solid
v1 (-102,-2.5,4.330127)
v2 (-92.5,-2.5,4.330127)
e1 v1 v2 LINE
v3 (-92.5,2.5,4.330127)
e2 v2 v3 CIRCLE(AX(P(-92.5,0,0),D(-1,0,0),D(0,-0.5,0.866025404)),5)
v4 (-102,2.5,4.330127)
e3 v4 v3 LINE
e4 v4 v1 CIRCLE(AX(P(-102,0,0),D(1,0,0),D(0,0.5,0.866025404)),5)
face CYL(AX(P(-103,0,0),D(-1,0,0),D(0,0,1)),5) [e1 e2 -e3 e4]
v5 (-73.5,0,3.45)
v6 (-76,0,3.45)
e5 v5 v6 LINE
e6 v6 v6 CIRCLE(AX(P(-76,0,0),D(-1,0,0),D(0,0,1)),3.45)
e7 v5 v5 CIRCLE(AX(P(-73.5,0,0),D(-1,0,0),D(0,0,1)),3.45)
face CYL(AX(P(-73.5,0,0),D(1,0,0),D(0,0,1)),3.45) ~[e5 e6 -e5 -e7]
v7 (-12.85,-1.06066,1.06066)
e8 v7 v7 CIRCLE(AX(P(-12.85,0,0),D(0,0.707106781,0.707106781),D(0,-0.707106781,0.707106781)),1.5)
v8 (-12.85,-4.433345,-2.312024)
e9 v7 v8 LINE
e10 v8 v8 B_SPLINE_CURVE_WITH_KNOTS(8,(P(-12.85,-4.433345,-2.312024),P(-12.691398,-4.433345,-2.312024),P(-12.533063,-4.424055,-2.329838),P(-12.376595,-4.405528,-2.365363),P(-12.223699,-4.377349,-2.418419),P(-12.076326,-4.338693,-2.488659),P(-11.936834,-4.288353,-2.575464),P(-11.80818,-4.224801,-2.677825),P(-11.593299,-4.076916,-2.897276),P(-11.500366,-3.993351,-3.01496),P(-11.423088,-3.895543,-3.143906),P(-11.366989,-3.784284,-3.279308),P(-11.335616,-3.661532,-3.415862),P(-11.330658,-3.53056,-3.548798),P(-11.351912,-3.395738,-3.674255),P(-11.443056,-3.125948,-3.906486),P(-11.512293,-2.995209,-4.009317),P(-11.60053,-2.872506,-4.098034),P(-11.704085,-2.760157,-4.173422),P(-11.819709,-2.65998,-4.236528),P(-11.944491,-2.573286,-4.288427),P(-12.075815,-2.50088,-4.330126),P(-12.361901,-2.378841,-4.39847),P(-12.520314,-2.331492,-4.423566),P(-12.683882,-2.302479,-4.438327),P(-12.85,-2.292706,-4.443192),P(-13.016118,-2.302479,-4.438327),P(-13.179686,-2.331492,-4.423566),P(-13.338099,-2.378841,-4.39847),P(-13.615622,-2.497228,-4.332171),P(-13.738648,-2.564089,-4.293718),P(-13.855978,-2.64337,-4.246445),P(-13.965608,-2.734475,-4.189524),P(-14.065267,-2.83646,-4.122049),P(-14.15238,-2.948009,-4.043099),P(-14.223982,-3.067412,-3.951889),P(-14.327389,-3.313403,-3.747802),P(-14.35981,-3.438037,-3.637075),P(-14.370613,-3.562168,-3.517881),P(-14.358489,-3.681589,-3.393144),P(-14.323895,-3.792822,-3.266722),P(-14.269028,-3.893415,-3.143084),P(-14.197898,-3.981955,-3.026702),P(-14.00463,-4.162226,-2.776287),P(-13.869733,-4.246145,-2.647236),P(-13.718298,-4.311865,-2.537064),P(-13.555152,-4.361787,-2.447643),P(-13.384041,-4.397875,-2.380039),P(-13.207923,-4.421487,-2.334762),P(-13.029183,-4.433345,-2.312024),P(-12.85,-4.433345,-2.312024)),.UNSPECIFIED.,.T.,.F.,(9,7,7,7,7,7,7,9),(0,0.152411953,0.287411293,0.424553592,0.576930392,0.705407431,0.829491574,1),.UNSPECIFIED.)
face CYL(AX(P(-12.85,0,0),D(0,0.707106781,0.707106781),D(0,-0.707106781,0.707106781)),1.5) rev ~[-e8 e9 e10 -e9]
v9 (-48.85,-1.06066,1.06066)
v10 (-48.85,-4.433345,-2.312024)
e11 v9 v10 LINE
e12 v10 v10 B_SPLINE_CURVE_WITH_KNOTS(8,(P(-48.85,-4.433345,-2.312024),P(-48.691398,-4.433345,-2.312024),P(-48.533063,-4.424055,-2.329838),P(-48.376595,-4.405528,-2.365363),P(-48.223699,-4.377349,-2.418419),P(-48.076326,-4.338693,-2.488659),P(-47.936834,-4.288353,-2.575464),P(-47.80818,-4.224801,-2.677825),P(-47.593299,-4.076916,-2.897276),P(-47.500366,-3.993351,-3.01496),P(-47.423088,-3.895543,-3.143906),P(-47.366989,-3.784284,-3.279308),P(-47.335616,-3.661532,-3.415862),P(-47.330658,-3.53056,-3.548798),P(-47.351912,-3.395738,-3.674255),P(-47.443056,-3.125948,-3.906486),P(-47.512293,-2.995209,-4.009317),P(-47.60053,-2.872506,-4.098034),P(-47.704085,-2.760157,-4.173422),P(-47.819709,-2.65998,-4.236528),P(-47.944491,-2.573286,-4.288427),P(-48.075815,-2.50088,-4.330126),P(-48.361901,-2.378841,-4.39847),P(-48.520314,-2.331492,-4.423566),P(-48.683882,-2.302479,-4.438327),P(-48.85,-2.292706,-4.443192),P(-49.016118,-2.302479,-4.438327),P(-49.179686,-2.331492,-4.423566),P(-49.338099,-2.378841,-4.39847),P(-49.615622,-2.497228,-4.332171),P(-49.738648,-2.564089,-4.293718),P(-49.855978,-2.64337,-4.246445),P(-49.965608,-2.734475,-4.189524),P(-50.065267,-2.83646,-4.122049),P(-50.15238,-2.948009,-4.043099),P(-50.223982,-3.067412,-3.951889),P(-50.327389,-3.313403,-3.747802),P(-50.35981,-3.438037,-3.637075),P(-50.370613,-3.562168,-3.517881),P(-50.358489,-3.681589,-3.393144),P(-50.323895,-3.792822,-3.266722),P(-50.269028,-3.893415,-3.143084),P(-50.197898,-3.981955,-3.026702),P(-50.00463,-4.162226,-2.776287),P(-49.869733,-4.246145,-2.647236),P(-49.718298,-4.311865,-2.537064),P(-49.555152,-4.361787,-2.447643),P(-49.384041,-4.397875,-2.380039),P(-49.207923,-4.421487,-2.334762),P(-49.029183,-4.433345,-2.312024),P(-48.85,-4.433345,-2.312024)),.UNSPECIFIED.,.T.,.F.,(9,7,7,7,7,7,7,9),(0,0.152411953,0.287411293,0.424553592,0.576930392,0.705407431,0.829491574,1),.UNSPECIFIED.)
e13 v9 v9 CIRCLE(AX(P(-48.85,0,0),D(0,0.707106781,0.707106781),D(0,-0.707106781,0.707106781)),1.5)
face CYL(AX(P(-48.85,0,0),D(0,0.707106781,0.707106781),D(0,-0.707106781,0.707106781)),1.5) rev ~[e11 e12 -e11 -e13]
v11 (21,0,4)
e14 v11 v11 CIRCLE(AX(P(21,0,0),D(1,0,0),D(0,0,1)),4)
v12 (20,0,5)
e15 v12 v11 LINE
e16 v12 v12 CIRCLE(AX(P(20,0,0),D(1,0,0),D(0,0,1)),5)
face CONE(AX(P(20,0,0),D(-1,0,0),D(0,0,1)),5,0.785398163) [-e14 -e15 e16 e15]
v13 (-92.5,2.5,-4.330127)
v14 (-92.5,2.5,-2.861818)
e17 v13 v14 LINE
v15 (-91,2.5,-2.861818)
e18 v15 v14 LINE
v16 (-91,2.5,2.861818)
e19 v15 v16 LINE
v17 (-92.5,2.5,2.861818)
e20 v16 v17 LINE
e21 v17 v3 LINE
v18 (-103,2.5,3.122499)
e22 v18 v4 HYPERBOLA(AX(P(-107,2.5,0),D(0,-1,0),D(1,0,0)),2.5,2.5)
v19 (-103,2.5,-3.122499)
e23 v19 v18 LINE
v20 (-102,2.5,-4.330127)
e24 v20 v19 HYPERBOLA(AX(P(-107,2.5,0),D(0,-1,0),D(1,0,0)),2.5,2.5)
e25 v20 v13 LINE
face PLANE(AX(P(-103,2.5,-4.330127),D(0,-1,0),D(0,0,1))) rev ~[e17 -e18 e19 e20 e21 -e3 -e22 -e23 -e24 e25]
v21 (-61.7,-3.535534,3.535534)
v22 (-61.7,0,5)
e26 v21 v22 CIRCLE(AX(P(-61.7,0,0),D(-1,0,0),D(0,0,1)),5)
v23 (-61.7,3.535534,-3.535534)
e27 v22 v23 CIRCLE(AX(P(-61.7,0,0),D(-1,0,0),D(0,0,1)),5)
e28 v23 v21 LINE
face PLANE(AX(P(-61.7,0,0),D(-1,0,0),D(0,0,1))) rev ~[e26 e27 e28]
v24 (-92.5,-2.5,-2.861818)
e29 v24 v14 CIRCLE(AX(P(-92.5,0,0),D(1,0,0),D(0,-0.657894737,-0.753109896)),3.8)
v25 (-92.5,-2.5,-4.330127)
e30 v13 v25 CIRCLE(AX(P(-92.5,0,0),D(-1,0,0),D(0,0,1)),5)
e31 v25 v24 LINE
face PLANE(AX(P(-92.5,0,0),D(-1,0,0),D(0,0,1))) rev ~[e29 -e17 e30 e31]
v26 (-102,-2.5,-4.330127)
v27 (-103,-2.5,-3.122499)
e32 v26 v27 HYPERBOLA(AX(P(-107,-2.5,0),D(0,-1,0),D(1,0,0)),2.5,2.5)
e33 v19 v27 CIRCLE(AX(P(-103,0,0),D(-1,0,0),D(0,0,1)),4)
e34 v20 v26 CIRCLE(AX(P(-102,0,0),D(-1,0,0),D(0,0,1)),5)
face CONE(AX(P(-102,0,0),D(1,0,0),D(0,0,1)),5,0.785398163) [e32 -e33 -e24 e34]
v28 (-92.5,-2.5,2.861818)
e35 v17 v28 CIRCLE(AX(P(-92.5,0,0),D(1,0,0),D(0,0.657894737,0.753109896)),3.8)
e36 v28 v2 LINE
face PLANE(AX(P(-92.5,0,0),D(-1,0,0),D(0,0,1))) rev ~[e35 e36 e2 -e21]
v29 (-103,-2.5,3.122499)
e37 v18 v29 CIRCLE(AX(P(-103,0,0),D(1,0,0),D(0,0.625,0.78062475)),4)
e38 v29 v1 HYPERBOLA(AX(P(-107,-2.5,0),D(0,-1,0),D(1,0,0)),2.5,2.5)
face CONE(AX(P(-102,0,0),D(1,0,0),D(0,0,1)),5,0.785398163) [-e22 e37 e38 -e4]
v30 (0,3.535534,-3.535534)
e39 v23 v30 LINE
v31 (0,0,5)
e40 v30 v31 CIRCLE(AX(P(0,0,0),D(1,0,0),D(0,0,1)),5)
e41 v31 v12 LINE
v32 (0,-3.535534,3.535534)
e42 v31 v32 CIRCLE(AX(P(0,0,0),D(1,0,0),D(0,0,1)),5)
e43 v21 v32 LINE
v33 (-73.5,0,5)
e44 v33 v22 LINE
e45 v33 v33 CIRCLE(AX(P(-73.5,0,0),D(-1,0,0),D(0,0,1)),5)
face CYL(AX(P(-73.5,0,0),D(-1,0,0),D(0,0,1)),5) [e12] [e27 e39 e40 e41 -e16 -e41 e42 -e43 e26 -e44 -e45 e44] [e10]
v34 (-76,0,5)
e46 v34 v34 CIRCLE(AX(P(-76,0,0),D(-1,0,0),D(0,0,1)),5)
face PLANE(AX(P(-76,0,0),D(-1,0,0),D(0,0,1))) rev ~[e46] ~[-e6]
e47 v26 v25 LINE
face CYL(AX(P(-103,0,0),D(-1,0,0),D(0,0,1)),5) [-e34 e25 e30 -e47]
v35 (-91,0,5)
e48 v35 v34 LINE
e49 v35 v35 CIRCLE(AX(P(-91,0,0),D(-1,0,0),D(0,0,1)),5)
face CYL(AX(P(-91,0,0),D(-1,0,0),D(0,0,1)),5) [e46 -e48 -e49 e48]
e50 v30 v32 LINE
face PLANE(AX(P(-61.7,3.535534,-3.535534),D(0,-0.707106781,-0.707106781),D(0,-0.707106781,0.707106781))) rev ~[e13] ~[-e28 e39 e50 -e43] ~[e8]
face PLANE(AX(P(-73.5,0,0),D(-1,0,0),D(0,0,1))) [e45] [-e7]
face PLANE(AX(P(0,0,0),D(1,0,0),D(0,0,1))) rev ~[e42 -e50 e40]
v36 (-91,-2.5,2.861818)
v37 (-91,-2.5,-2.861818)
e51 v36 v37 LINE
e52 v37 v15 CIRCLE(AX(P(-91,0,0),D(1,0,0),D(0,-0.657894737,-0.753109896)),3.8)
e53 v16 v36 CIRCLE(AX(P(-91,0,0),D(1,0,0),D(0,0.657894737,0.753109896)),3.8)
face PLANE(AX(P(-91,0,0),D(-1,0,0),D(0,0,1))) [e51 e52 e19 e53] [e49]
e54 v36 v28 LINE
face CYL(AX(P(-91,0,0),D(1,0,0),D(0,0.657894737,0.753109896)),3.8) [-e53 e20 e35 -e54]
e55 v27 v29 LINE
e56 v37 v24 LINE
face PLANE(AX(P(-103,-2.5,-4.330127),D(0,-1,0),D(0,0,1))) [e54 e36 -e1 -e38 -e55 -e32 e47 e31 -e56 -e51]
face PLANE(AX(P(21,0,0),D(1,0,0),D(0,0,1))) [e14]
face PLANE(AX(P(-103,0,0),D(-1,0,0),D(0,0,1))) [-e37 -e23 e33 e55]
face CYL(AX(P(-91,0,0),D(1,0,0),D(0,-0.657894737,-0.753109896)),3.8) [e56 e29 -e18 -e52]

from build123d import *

# Parameters (mm, degrees)
SKETCH1_R            = 5
BOSS_EXTRUDE1_DEPTH  = 21
CHAMFER1_SIZE        = 1
BOSS_EXTRUDE2_START  = 61.7
BOSS_EXTRUDE2_DEPTH  = 61.7
BOSS_EXTRUDE5_START  = 11.8
SKETCH3_R            = 5
BOSS_EXTRUDE5_DEPTH  = 11.8
SKETCH5_R            = 3.45
BOSS_EXTRUDE6_DEPTH  = 2.5
BOSS_EXTRUDE7_START  = 15
SKETCH6_R            = 5
BOSS_EXTRUDE7_DEPTH  = 15
BOSS_EXTRUDE8_DEPTH  = 1.5
BOSS_EXTRUDE10_START = 10.5
SKETCH9_R            = 5
BOSS_EXTRUDE10_DEPTH = 10.5
CHAMFER3_SIZE        = 1
CUT_EXTRUDE1_DEPTH   = 10.5
SKETCH11_R           = 1.5
CUT_EXTRUDE2_DEPTH   = 10.5


with BuildPart() as part:
    # Sketch1 → Boss-Extrude1 (new body)
    with BuildSketch(Plane(origin=(0, 0, 0), x_dir=(0, 0, -1), z_dir=(1, 0, 0))):
        with Locations(Location((0, 0, 0), (0, 0, 180))):
            Circle(SKETCH1_R)
    extrude(amount=BOSS_EXTRUDE1_DEPTH)

    # Chamfer1
    chamfer1_edges = [part.edges().sort_by_distance(p)[0] for p in [
        (21, 0, -5),
    ]]
    chamfer(chamfer1_edges, length=CHAMFER1_SIZE)

    # Sketch2 → Boss-Extrude2 (add)
    with BuildSketch(Plane.ZY.offset(BOSS_EXTRUDE2_START)):
        with BuildLine():
            Line((-3.535533906, 3.535533906), (3.535533906, -3.535533906))
            ThreePointArc((3.535533906, -3.535533906), (-3.535533906, -3.535533906), (-3.535533906, 3.535533906))
        make_face()
    extrude(amount=-BOSS_EXTRUDE2_DEPTH)

    # Sketch3 → Boss-Extrude5 (add)
    with BuildSketch(Plane.ZY.offset(61.7).offset(BOSS_EXTRUDE5_START)):
        Circle(SKETCH3_R)
    extrude(amount=-BOSS_EXTRUDE5_DEPTH)

    # Sketch5 → Boss-Extrude6 (add)
    with BuildSketch(Plane.ZY.offset(73.5)):
        Circle(SKETCH5_R)
    extrude(amount=BOSS_EXTRUDE6_DEPTH)

    # Sketch6 → Boss-Extrude7 (add)
    with BuildSketch(Plane.ZY.offset(76).offset(BOSS_EXTRUDE7_START)):
        Circle(SKETCH6_R)
    extrude(amount=-BOSS_EXTRUDE7_DEPTH)

    # Sketch7 → Boss-Extrude8 (add)
    with BuildSketch(Plane.ZY.offset(91)):
        with BuildLine():
            Line((-2.861817604, 2.5), (2.861817604, 2.5))
            ThreePointArc((2.861817604, 2.5), (3.8, 0), (2.861817604, -2.5))
            Line((2.861817604, -2.5), (-2.861817604, -2.5))
            ThreePointArc((-2.861817604, -2.5), (-3.8, 0), (-2.861817604, 2.5))
        make_face()
    extrude(amount=BOSS_EXTRUDE8_DEPTH)

    # Sketch9 → Boss-Extrude10 (add)
    with BuildSketch(Plane.ZY.offset(92.5).offset(BOSS_EXTRUDE10_START)):
        Circle(SKETCH9_R)
    extrude(amount=-BOSS_EXTRUDE10_DEPTH)

    # Chamfer3
    chamfer3_edges = [part.edges().sort_by_distance(p)[0] for p in [
        (-103, 0, -5),
    ]]
    chamfer(chamfer3_edges, length=CHAMFER3_SIZE)

    # Sketch10 → Cut-Extrude1 (cut)
    with BuildSketch(Plane.ZY.offset(103)):
        with BuildLine():
            Line((-4.330127019, 2.5), (4.330127019, 2.5))
            ThreePointArc((4.330127019, 2.5), (0, 5), (-4.330127019, 2.5))
        make_face()
        with BuildLine():
            Line((-4.330127019, -2.5), (4.330127019, -2.5))
            ThreePointArc((4.330127019, -2.5), (0, -5), (-4.330127019, -2.5))
        make_face()
    extrude(amount=-CUT_EXTRUDE1_DEPTH, mode=Mode.SUBTRACT)

    # Sketch11 → Cut-Extrude2 (cut)
    with BuildSketch(Plane(origin=(0, 0, 0), x_dir=(1, 0, 0), z_dir=(0, 0.7071067811865468, 0.7071067811865483))):
        with Locations(Location((-12.85, 0, 0), (0, 0, 270))):
            Circle(SKETCH11_R)
        with Locations(Location((-48.85, 0, 0), (0, 0, 270))):
            Circle(SKETCH11_R)
    extrude(amount=-CUT_EXTRUDE2_DEPTH, mode=Mode.SUBTRACT)


solid = part.part
